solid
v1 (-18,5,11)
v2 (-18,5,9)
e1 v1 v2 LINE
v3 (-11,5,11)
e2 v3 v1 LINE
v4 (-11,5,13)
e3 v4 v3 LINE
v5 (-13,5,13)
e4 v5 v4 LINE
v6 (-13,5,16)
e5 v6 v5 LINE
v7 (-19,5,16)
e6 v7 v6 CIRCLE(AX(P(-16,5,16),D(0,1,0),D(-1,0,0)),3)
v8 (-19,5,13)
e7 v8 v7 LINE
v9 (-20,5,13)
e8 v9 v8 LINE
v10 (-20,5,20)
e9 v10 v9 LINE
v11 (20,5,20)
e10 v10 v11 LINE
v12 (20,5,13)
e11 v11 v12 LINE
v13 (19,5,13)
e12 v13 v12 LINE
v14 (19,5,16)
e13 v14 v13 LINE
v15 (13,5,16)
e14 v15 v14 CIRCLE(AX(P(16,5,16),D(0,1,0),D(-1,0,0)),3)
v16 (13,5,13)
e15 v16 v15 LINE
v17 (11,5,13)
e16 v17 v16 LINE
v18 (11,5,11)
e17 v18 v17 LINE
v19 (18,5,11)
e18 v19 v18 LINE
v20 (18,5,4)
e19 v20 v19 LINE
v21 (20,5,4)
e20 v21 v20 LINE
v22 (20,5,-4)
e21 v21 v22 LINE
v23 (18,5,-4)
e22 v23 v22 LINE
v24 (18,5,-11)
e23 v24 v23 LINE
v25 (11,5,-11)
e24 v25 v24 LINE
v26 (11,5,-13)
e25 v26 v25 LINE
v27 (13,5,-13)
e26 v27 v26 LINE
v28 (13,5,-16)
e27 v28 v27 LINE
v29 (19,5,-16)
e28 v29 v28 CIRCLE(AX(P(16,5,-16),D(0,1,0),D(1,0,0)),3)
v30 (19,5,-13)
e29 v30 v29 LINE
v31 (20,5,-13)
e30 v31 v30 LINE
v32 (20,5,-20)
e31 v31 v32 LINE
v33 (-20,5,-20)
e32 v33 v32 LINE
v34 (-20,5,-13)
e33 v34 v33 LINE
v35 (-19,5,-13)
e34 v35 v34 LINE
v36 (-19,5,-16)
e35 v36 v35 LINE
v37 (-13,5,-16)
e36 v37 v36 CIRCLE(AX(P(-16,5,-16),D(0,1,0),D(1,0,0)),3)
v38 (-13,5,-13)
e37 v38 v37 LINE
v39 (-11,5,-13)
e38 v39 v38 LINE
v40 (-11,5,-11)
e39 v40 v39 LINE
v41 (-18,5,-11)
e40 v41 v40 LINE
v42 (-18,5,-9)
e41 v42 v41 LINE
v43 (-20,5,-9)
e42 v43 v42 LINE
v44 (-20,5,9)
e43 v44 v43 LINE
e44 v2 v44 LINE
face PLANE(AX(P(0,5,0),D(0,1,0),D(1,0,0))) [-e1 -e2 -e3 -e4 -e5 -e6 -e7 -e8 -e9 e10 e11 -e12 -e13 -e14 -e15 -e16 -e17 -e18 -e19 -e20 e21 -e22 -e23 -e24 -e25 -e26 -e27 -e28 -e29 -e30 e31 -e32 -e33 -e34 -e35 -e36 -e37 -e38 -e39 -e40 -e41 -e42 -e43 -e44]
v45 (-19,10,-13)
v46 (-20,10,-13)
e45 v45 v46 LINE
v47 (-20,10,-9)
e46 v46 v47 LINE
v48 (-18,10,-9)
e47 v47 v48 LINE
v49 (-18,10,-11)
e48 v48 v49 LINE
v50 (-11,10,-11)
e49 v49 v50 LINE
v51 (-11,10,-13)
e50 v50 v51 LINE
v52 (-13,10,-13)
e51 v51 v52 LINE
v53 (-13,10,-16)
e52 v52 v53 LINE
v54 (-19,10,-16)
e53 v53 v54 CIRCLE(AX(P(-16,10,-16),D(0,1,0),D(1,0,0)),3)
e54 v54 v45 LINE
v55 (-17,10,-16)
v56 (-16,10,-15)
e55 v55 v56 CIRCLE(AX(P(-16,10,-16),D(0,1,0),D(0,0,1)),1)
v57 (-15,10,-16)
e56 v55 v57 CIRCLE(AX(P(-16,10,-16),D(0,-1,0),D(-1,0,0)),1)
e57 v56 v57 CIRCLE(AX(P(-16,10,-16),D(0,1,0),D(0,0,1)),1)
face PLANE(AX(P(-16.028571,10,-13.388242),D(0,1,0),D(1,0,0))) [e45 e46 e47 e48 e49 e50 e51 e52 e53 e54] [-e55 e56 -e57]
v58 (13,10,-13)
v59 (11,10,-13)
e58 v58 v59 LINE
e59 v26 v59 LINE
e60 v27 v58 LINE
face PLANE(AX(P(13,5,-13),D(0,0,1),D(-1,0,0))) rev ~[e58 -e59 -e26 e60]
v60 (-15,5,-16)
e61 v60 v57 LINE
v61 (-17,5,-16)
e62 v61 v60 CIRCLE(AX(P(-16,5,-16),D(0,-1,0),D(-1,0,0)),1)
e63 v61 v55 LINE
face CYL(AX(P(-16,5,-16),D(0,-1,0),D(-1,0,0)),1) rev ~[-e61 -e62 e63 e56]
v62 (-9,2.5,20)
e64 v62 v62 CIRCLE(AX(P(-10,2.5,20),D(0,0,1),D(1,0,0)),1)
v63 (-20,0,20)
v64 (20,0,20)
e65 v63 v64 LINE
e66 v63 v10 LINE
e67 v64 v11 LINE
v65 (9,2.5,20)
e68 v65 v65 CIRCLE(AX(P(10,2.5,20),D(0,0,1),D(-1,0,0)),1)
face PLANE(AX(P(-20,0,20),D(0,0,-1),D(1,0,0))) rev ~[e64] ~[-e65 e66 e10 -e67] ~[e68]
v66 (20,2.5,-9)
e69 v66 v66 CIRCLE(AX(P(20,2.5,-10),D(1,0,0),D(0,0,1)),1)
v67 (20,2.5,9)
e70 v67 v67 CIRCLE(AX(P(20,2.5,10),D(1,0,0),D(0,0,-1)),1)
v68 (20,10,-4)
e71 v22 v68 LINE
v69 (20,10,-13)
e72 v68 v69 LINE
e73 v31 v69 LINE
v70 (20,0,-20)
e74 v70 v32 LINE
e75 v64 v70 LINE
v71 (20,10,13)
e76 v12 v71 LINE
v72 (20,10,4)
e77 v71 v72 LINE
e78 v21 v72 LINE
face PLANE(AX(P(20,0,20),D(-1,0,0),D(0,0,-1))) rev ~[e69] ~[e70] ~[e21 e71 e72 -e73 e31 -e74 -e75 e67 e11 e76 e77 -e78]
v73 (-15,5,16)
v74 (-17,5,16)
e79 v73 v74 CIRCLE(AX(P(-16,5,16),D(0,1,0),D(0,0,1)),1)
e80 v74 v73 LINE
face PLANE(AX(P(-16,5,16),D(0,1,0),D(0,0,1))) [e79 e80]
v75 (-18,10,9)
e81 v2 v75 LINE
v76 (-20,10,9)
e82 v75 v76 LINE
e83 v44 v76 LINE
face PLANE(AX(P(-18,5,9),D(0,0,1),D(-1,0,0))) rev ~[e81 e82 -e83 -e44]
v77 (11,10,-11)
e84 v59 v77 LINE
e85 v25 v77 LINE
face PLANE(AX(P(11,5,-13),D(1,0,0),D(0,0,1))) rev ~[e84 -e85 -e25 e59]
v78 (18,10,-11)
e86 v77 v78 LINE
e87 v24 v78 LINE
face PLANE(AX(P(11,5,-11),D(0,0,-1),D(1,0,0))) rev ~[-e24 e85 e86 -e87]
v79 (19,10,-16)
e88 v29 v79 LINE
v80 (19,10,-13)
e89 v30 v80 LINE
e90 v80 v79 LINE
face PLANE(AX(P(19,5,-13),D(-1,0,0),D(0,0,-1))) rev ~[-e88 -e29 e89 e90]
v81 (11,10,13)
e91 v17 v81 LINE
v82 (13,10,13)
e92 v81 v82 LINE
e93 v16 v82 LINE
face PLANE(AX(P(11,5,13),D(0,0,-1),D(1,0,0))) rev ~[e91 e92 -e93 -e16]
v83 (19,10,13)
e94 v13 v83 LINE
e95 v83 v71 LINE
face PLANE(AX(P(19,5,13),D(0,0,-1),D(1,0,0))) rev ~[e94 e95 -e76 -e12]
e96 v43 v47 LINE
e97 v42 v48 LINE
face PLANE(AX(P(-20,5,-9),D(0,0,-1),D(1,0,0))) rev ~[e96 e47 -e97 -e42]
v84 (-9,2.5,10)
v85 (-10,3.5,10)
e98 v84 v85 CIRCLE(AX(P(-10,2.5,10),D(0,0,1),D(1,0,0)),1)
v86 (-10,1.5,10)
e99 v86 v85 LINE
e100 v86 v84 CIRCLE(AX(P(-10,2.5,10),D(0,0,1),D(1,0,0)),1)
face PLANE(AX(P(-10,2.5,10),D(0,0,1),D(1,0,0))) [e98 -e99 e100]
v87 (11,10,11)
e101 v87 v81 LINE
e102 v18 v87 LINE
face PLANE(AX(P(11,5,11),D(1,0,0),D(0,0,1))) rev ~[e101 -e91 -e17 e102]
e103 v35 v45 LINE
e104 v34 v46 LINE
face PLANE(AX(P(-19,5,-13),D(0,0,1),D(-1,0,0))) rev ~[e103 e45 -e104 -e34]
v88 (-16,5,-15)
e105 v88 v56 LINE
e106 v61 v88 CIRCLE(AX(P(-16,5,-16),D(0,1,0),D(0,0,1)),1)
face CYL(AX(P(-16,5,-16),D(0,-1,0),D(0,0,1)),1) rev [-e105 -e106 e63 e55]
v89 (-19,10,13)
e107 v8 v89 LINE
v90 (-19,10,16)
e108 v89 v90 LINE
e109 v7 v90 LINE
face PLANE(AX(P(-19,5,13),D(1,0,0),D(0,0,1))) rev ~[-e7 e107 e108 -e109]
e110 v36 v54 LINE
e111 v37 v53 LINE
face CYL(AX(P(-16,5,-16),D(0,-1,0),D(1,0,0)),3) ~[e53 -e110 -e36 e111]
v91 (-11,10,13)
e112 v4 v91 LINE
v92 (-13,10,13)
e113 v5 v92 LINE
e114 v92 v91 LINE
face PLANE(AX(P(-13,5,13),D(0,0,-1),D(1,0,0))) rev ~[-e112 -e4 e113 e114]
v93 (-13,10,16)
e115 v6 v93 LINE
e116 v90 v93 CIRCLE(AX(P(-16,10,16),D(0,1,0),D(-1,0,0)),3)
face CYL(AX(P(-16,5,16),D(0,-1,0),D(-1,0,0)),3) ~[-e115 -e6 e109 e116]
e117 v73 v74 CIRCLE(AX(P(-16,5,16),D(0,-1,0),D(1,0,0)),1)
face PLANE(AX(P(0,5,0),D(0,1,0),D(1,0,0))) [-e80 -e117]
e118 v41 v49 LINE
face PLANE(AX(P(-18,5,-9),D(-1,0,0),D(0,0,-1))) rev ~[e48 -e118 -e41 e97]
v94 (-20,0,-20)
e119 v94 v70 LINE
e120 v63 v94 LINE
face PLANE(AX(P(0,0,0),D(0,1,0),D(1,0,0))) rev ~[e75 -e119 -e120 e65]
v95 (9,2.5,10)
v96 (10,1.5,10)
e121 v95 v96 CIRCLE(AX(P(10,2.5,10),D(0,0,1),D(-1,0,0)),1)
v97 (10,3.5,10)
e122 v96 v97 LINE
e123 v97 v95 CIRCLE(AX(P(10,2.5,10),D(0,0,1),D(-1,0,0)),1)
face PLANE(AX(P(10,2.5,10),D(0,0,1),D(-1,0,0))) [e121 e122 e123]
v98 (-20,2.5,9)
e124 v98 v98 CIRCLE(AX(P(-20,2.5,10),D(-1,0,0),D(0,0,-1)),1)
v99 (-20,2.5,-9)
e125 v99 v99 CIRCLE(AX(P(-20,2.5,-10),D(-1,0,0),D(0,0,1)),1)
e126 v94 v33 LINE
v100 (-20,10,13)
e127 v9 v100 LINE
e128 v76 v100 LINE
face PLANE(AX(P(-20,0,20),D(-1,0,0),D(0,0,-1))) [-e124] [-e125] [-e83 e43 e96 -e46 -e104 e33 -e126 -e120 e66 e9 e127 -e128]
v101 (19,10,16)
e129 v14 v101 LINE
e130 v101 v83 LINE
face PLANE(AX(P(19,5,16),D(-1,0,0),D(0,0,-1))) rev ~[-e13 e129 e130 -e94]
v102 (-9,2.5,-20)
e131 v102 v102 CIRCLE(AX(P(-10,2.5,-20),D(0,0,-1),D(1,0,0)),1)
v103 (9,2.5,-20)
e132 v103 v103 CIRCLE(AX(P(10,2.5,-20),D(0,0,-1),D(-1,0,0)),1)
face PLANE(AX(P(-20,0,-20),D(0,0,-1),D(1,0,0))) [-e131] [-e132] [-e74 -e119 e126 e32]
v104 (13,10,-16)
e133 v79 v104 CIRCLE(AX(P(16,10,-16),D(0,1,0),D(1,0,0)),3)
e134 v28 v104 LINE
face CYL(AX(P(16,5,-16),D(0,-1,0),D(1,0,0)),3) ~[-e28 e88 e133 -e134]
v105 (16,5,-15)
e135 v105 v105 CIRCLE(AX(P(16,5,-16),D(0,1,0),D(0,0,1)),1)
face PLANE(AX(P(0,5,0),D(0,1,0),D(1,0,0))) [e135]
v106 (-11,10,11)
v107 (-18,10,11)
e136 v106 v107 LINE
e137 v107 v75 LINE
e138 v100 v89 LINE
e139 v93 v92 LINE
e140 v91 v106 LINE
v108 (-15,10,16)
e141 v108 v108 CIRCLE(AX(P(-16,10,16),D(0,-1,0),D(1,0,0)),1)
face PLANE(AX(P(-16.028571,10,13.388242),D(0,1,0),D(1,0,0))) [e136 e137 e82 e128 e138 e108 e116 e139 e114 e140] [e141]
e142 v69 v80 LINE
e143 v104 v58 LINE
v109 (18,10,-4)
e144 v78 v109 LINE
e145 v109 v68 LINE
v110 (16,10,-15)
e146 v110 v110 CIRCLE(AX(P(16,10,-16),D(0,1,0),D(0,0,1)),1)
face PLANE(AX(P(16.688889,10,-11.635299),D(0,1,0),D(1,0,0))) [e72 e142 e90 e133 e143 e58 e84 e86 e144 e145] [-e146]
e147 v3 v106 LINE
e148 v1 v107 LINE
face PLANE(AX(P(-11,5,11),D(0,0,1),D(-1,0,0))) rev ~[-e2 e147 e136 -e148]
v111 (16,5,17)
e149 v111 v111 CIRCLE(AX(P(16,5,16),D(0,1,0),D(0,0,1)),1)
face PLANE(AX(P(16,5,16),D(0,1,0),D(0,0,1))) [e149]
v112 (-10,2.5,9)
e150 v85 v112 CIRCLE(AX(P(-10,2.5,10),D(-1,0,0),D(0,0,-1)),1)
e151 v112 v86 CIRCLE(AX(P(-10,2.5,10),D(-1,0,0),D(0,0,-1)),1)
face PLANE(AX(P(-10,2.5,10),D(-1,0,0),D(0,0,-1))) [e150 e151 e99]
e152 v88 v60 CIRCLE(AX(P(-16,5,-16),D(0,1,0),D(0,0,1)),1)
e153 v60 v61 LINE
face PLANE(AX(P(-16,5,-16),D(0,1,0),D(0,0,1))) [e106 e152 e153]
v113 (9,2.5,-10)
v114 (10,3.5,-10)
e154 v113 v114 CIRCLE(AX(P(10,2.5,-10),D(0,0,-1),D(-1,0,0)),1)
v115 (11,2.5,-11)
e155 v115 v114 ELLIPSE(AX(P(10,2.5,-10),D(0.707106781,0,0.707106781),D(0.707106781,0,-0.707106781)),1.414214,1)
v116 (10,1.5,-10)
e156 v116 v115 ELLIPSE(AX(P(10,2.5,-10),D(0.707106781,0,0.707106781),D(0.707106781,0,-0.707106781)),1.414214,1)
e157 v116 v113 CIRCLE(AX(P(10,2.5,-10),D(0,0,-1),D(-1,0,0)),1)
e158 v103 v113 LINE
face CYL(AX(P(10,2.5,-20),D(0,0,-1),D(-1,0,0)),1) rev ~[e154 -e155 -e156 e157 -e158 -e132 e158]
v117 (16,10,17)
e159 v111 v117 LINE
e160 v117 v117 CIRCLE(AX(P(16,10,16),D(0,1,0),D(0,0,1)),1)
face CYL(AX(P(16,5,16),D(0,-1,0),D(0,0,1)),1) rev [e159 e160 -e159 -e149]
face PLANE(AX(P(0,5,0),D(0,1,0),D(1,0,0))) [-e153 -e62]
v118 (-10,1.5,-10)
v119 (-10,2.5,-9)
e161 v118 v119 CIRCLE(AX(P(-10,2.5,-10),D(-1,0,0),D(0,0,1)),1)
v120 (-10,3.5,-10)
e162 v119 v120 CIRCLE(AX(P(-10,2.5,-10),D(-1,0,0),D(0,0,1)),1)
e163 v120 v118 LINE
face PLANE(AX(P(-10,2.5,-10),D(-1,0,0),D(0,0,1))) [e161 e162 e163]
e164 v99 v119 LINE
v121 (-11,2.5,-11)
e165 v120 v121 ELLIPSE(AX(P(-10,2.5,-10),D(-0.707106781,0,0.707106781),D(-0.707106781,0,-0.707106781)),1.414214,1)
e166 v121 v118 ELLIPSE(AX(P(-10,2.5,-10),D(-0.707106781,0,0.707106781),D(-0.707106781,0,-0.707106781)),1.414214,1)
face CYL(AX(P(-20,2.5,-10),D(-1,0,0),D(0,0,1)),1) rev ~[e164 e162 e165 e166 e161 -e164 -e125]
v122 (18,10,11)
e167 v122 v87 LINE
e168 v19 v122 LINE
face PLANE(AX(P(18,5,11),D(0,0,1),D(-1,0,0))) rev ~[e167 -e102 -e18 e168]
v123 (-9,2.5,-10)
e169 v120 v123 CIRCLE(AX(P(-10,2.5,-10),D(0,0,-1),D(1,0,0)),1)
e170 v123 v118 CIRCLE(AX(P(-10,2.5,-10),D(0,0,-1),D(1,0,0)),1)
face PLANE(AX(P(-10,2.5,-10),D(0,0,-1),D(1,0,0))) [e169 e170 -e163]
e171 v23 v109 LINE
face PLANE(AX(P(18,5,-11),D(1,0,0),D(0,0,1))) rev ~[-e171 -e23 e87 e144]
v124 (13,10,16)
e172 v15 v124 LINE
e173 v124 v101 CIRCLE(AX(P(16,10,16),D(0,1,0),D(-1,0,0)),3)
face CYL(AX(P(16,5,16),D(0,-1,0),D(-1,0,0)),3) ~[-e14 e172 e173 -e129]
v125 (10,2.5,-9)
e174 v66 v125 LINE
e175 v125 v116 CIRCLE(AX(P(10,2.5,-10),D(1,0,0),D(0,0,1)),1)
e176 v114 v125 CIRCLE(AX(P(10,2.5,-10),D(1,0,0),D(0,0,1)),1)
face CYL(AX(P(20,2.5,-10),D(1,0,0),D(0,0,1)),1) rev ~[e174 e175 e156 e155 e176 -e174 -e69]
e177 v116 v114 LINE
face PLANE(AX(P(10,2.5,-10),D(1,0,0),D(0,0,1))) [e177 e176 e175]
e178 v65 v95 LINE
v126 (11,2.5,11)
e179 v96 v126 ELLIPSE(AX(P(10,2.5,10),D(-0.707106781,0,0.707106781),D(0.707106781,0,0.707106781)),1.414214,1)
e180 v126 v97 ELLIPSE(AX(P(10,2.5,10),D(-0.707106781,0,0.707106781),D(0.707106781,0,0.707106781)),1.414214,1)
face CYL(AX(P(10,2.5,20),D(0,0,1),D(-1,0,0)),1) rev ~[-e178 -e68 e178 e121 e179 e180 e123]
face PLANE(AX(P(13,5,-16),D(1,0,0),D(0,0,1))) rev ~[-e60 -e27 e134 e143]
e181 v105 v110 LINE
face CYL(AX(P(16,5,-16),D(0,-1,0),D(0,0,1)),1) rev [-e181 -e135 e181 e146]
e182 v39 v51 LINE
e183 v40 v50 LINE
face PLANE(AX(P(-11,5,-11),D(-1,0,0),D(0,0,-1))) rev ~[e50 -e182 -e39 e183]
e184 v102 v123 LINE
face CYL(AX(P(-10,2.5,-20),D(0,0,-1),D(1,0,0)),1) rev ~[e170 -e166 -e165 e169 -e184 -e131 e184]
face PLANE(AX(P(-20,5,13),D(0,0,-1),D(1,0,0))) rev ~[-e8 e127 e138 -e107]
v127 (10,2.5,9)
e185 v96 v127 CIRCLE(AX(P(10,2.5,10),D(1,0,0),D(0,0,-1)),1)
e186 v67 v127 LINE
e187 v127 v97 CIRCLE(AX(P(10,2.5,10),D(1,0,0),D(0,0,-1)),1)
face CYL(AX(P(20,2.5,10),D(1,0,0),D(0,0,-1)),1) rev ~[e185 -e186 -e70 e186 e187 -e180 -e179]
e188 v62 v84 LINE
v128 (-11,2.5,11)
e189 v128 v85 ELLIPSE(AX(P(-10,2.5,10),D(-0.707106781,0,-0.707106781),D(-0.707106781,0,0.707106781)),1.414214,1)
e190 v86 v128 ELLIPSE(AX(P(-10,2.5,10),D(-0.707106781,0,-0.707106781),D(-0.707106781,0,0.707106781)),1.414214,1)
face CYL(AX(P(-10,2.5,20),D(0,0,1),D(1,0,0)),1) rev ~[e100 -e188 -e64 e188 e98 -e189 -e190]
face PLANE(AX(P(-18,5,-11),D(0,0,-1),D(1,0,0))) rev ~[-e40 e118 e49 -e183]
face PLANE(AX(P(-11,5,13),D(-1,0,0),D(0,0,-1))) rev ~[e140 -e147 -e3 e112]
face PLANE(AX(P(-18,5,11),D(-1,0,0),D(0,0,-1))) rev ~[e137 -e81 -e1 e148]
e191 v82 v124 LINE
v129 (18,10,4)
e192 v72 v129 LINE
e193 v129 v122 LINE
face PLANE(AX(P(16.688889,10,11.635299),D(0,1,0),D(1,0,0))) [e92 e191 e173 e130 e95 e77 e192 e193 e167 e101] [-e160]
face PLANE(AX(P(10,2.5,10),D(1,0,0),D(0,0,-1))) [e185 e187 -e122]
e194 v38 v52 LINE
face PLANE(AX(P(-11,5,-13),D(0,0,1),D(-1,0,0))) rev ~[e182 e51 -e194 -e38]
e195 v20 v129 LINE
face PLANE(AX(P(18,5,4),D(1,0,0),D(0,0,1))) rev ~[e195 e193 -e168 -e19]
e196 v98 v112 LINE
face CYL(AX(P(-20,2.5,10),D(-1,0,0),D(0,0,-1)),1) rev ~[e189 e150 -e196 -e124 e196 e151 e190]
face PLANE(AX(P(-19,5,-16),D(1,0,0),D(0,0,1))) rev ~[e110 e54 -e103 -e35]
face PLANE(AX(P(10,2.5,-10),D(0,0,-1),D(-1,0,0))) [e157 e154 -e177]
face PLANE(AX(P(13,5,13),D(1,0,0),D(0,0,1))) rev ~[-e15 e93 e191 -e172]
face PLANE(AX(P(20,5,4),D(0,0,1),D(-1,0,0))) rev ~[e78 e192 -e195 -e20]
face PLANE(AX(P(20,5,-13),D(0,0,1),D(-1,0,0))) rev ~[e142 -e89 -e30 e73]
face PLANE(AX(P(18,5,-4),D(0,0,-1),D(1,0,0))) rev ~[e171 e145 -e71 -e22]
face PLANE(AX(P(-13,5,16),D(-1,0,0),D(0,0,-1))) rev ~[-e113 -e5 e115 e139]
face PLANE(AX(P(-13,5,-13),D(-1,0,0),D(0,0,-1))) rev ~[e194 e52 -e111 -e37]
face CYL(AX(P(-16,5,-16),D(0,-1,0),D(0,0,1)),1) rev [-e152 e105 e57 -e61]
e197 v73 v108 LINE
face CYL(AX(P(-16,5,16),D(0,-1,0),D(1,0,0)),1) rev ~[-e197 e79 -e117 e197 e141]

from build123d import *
from build123d.topology import SkipClean

# Parameters (mm, degrees)
SKETCH1_W           = 40
SKETCH1_H           = 40
BOSS_EXTRUDE1_DEPTH = 5
SKETCH3_R           = 1
BOSS_EXTRUDE3_DEPTH = 5
SKETCH3_4_R         = 1
CUT_EXTRUDE1_DEPTH  = 5
SKETCH4_R           = 1
CUT_EXTRUDE2_DEPTH  = 10
CIRPATTERN2_COUNT   = 4


with BuildPart() as part:
    # Sketch1 → Boss-Extrude1 (new body)
    with BuildSketch(Plane(origin=(0, 0, 0), x_dir=(1, 0, 0), z_dir=(0, 1, 0))):
        Rectangle(SKETCH1_W, SKETCH1_H)
    extrude(amount=BOSS_EXTRUDE1_DEPTH)

    # Sketch3 → Boss-Extrude3 (add)
    # profile 1 of 4: a face of its own
    with BuildSketch(Plane(origin=(0, 5, 0), x_dir=(1, 0, 0), z_dir=(0, 1, 0))):
        with BuildLine():
            Line((11, 11), (18, 11))
            Line((18, 11), (18, 4))
            Line((18, 4), (20, 4))
            Line((20, 4), (20, 13))
            Line((20, 13), (19, 13))
            Line((19, 13), (19, 16))
            ThreePointArc((19, 16), (16, 19), (13, 16))
            Line((13, 16), (13, 13))
            Line((13, 13), (11, 13))
            Line((11, 13), (11, 11))
        make_face()
        with Locations((16, 16)):
            Circle(SKETCH3_R, mode=Mode.SUBTRACT)
    # profile 2 of 4: a face of its own
    with BuildSketch(Plane(origin=(0, 5, 0), x_dir=(1, 0, 0), z_dir=(0, 1, 0))):
        with BuildLine():
            Line((-18, 11), (-11, 11))
            Line((-11, 11), (-11, 13))
            Line((-11, 13), (-13, 13))
            Line((-13, 13), (-13, 16))
            ThreePointArc((-13, 16), (-16, 19), (-19, 16))
            Line((-19, 16), (-19, 13))
            Line((-19, 13), (-20, 13))
            Line((-20, 13), (-20, 9))
            Line((-20, 9), (-18, 9))
            Line((-18, 9), (-18, 11))
        make_face()
        with BuildLine():
            ThreePointArc((-17, 16), (-16, 17), (-15, 16))
            Line((-15, 16), (-17, 16))
        make_face(mode=Mode.SUBTRACT)
    # profile 3 of 4: a face of its own
    with BuildSketch(Plane(origin=(0, 5, 0), x_dir=(1, 0, 0), z_dir=(0, 1, 0))):
        with BuildLine():
            Line((20, -4), (18, -4))
            Line((18, -4), (18, -11))
            Line((18, -11), (11, -11))
            Line((11, -11), (11, -13))
            Line((11, -13), (13, -13))
            Line((13, -13), (13, -16))
            ThreePointArc((13, -16), (16, -19), (19, -16))
            Line((19, -16), (19, -13))
            Line((19, -13), (20, -13))
            Line((20, -13), (20, -4))
        make_face()
    # profile 4 of 4: a face of its own
    with BuildSketch(Plane(origin=(0, 5, 0), x_dir=(1, 0, 0), z_dir=(0, 1, 0))):
        with BuildLine():
            Line((-11, -13), (-11, -11))
            Line((-11, -11), (-18, -11))
            Line((-18, -11), (-18, -9))
            Line((-18, -9), (-20, -9))
            Line((-20, -9), (-20, -13))
            Line((-20, -13), (-19, -13))
            Line((-19, -13), (-19, -16))
            ThreePointArc((-19, -16), (-16, -19), (-13, -16))
            Line((-13, -16), (-13, -13))
            Line((-13, -13), (-11, -13))
        make_face()
        with BuildLine():
            ThreePointArc((-15, -16), (-16, -17), (-17, -16))
            Line((-17, -16), (-15, -16))
        make_face(mode=Mode.SUBTRACT)
    extrude(amount=BOSS_EXTRUDE3_DEPTH)

    # Sketch3<4> → Cut-Extrude1 (cut)
    with SkipClean():  # the faces are left unmerged after this step: merging them gives an invalid solid
        with BuildSketch(Plane(origin=(0, 5, 0), x_dir=(1, 0, 0), z_dir=(0, 1, 0))):
            with Locations((-16, 16)):
                Circle(SKETCH3_4_R)
            with Locations((-16, -16)):
                Circle(SKETCH3_4_R)
            with Locations((16, -16)):
                Circle(SKETCH3_4_R)
        extrude(amount=CUT_EXTRUDE1_DEPTH, mode=Mode.SUBTRACT)

    # Sketch4 → Cut-Extrude2 (cut)
    with SkipClean():  # the faces are left unmerged after this step: merging them gives an invalid solid
        with BuildSketch(Plane.ZY.offset(20)):
            with Locations((-10, 2.5)):
                Circle(SKETCH4_R)
            with Locations((10, 2.5)):
                Circle(SKETCH4_R)
        cut_extrude2 = extrude(amount=-CUT_EXTRUDE2_DEPTH, mode=Mode.SUBTRACT)

    # CirPattern2: Cut-Extrude2 ×4 about axis
    with SkipClean():  # the faces are left unmerged after this step: merging them gives an invalid solid
        cirpattern2_axis = Axis((0, 0, 0), (0, -1, 0))
        for i in range(1, CIRPATTERN2_COUNT):
            add(cut_extrude2.rotate(cirpattern2_axis, i * 360 / CIRPATTERN2_COUNT), mode=Mode.SUBTRACT)


solid = part.part
